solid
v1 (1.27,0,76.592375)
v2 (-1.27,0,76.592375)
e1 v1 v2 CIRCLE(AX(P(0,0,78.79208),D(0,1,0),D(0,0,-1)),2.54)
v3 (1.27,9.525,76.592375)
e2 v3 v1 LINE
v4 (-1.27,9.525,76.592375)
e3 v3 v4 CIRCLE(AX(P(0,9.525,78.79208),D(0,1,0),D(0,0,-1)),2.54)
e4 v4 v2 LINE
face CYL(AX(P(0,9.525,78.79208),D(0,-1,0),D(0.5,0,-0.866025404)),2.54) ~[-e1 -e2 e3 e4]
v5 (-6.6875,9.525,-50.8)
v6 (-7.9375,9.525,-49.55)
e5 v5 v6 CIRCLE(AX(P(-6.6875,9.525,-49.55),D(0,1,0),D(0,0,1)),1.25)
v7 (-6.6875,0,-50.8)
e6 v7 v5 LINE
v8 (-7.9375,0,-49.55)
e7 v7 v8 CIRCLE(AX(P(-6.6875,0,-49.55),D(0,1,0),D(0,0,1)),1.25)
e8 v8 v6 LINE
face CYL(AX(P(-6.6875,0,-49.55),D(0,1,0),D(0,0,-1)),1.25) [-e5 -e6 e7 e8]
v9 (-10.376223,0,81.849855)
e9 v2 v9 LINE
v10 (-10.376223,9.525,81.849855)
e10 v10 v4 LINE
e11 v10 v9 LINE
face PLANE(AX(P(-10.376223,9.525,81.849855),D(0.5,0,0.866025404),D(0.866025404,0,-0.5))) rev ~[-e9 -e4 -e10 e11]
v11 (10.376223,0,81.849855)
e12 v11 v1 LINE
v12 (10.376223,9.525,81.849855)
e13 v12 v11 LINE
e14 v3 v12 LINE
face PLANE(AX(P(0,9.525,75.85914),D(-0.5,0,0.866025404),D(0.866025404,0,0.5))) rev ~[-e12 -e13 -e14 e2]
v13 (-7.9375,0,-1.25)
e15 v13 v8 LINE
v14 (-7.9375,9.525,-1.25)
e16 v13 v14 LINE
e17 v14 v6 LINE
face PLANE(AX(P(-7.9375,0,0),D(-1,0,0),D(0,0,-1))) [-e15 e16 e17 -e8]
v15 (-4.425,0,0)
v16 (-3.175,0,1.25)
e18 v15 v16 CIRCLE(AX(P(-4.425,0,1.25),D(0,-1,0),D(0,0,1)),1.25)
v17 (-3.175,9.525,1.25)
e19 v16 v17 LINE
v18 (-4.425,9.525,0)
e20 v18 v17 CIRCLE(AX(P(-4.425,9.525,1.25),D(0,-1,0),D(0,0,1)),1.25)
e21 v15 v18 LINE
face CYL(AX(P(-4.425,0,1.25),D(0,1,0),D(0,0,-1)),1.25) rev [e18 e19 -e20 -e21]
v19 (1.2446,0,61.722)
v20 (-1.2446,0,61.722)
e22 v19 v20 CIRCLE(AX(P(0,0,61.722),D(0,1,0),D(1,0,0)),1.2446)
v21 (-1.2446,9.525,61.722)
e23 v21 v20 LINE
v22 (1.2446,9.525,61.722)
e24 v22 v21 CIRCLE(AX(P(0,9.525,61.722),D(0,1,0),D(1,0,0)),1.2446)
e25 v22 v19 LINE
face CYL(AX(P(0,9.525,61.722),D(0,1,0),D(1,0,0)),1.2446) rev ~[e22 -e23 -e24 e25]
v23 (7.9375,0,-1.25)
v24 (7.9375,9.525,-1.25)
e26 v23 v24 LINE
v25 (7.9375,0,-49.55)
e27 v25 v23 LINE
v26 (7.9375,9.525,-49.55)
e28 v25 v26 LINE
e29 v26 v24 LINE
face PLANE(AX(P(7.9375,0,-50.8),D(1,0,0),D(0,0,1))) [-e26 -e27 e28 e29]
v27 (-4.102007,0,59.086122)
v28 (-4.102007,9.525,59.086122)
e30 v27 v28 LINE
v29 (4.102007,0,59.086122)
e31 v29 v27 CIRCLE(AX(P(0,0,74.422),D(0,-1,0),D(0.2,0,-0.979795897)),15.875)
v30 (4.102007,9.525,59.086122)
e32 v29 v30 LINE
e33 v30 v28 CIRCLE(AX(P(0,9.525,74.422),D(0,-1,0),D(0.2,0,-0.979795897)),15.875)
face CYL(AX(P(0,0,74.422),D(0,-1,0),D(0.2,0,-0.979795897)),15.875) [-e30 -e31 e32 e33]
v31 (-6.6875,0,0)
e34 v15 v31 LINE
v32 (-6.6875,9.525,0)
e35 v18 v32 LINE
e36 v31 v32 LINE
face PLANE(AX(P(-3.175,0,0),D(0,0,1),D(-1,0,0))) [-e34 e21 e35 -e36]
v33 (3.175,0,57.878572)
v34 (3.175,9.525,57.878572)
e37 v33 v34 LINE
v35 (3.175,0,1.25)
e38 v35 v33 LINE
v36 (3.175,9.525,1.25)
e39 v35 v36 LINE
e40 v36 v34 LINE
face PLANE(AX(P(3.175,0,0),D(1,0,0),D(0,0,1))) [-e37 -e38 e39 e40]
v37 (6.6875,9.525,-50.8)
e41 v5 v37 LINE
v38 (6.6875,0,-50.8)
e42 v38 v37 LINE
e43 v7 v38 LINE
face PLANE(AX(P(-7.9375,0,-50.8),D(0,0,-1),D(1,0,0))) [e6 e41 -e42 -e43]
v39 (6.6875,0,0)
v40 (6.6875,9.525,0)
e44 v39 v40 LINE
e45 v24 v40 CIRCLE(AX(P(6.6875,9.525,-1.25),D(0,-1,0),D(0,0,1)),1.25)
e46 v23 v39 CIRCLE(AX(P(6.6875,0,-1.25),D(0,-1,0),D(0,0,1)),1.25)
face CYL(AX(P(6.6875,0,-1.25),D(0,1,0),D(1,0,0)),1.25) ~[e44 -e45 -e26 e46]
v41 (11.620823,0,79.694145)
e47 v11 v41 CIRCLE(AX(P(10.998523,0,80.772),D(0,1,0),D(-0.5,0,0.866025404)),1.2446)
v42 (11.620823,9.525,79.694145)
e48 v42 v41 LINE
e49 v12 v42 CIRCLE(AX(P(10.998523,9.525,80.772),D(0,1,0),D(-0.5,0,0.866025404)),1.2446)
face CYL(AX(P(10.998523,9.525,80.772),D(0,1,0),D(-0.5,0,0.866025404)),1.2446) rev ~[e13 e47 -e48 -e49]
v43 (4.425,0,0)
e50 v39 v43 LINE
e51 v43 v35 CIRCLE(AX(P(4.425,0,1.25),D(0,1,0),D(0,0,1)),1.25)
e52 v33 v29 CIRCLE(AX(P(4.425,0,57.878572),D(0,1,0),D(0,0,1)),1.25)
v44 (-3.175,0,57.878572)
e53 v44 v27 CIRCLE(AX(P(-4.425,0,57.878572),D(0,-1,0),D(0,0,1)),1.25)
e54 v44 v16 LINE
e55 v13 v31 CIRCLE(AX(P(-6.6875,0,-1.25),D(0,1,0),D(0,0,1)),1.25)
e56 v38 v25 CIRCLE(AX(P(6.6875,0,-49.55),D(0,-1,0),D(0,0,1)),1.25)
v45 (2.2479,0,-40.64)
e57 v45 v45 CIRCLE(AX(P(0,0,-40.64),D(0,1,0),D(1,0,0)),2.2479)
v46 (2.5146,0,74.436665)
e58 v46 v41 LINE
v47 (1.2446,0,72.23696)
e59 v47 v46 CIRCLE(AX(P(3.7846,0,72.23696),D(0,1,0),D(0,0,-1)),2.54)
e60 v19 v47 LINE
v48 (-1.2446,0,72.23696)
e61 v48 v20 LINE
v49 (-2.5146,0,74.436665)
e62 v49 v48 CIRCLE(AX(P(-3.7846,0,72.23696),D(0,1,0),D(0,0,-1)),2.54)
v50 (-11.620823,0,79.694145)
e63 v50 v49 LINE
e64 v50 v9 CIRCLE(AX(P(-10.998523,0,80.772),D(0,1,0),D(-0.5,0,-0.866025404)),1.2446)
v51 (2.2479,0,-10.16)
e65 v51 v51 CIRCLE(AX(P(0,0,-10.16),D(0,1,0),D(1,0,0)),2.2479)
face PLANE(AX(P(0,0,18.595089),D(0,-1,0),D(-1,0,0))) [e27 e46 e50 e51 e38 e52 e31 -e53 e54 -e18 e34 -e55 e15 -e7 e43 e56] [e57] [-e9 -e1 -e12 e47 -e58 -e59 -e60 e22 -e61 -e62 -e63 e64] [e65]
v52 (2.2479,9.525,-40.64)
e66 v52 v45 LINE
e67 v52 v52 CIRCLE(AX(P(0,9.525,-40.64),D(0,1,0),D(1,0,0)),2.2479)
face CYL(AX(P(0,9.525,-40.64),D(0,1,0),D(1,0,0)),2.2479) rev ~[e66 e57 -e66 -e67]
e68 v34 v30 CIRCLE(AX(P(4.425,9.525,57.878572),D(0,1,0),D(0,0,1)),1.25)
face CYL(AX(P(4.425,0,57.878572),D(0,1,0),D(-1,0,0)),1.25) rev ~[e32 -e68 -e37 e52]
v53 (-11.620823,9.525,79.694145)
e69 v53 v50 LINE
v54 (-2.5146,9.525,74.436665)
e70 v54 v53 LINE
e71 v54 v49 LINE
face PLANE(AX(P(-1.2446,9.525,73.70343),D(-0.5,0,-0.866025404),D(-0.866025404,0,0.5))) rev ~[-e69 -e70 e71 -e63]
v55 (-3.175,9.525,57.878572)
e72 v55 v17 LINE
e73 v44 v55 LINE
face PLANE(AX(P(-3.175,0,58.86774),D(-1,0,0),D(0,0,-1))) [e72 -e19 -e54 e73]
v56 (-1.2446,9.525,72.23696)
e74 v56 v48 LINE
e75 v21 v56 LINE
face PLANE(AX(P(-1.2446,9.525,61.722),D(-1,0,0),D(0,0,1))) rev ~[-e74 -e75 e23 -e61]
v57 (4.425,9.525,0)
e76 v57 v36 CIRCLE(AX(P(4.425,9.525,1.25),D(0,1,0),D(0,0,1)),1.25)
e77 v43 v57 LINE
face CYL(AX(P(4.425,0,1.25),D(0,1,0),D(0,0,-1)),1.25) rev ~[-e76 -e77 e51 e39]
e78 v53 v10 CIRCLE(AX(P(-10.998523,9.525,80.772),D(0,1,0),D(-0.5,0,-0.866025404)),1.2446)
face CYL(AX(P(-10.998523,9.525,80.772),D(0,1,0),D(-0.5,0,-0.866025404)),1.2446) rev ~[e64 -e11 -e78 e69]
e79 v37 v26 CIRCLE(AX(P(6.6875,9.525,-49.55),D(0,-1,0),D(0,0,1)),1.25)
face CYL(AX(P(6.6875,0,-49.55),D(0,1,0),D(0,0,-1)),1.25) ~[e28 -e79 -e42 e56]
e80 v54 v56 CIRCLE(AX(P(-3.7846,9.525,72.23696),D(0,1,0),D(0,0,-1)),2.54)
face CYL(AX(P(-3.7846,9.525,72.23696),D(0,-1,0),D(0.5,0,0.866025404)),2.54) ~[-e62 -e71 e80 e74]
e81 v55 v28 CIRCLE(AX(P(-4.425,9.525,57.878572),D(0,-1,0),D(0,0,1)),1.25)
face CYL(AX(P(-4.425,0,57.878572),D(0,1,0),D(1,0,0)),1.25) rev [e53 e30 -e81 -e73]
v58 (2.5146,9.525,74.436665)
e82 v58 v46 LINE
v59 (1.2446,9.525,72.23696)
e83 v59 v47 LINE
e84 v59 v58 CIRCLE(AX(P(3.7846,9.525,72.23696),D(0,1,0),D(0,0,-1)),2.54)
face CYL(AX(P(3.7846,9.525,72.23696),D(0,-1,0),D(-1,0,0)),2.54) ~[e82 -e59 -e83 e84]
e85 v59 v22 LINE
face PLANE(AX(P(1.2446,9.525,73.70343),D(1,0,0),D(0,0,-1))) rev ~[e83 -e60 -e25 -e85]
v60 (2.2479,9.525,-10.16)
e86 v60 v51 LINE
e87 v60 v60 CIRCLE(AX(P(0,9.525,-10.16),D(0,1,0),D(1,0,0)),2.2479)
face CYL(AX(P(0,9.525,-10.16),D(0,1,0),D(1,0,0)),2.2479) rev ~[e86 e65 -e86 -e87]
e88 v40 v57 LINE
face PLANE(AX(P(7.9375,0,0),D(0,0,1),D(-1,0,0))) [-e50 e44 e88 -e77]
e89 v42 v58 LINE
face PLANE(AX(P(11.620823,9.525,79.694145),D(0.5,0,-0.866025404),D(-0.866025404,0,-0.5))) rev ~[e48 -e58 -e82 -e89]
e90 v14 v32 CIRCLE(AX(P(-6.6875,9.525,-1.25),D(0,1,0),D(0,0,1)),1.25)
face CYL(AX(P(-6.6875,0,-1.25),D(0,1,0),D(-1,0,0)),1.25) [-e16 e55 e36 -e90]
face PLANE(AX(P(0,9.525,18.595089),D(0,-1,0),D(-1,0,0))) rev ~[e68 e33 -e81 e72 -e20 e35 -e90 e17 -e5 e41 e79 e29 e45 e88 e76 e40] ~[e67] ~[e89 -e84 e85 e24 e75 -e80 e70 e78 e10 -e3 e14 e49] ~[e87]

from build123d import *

# Parameters (mm, degrees)
BOSS_EXTRUDE1_DEPTH = 9.525
SKETCH2_R           = 2.2479
CUT_EXTRUDE1_DEPTH  = 10.525
CUT_EXTRUDE2_DEPTH  = 10.525
FILLET1_R           = 1.25
FILLET2_R           = 2.54


with BuildPart() as part:
    # Sketch1 → Boss-Extrude1 (new body)
    with BuildSketch(Plane(origin=(0, 0, 0), x_dir=(1, 0, 0), z_dir=(0, 1, 0))):
        with BuildLine():
            Line((-7.9375, 50.8), (7.9375, 50.8))
            Line((7.9375, 50.8), (7.9375, 0))
            Line((7.9375, 0), (3.175, 0))
            Line((3.175, 0), (3.175, -58.867740133))
            ThreePointArc((3.175, -58.867740133), (0, -90.297), (-3.175, -58.867740133))
            Line((-3.175, -58.867740133), (-3.175, 0))
            Line((-3.175, 0), (-7.9375, 0))
            Line((-7.9375, 0), (-7.9375, 50.8))
        make_face()
    extrude(amount=BOSS_EXTRUDE1_DEPTH)

    # Sketch2 → Cut-Extrude1 (cut, through all)
    with BuildSketch(Plane(origin=(0, 9.525, 0), x_dir=(1, 0, 0), z_dir=(0, 1, 0))):
        with Locations((0, 40.64)):
            Circle(SKETCH2_R)
        with Locations((0, 10.16)):
            Circle(SKETCH2_R)
    extrude(amount=-CUT_EXTRUDE1_DEPTH, mode=Mode.SUBTRACT)

    # Sketch3 → Cut-Extrude2 (cut, through all)
    with BuildSketch(Plane(origin=(0, 9.525, 0), x_dir=(1, 0, 0), z_dir=(0, 1, 0))):
        with BuildLine():
            Line((0, -75.85914029), (10.376222628, -81.849855218))
            ThreePointArc((10.376222628, -81.849855218), (12.076377846, -81.3943), (11.620822628, -79.694144782))
            Line((11.620822628, -79.694144782), (1.2446, -73.703429855))
            Line((1.2446, -73.703429855), (1.2446, -61.722))
            ThreePointArc((1.2446, -61.722), (0, -60.4774), (-1.2446, -61.722))
            Line((-1.2446, -61.722), (-1.2446, -73.703429855))
            Line((-1.2446, -73.703429855), (-11.620822628, -79.694144782))
            ThreePointArc((-11.620822628, -79.694144782), (-12.076377846, -81.3943), (-10.376222628, -81.849855218))
            Line((-10.376222628, -81.849855218), (0, -75.85914029))
        make_face()
    extrude(amount=-CUT_EXTRUDE2_DEPTH, mode=Mode.SUBTRACT)

    # Fillet1
    fillet1_edges = [part.edges().sort_by_distance(p)[0] for p in [
        (-7.9375, 4.7625, -50.8),
        (7.9375, 4.7625, -50.8),
        (7.9375, 4.7625, 0),
        (3.175, 4.7625, 0),
        (3.175, 4.7625, 58.867740133),
        (-3.175, 4.7625, 58.867740133),
        (-3.175, 4.7625, 0),
        (-7.9375, 4.7625, 0),
    ]]
    fillet(fillet1_edges, radius=FILLET1_R)

    # Fillet2
    fillet2_edges = [part.edges().sort_by_distance(p)[0] for p in [
        (1.2446, 4.7625, 73.703429855),
        (0, 4.7625, 75.85914029),
        (-1.2446, 4.7625, 73.703429855),
    ]]
    fillet(fillet2_edges, radius=FILLET2_R)


solid = part.part
